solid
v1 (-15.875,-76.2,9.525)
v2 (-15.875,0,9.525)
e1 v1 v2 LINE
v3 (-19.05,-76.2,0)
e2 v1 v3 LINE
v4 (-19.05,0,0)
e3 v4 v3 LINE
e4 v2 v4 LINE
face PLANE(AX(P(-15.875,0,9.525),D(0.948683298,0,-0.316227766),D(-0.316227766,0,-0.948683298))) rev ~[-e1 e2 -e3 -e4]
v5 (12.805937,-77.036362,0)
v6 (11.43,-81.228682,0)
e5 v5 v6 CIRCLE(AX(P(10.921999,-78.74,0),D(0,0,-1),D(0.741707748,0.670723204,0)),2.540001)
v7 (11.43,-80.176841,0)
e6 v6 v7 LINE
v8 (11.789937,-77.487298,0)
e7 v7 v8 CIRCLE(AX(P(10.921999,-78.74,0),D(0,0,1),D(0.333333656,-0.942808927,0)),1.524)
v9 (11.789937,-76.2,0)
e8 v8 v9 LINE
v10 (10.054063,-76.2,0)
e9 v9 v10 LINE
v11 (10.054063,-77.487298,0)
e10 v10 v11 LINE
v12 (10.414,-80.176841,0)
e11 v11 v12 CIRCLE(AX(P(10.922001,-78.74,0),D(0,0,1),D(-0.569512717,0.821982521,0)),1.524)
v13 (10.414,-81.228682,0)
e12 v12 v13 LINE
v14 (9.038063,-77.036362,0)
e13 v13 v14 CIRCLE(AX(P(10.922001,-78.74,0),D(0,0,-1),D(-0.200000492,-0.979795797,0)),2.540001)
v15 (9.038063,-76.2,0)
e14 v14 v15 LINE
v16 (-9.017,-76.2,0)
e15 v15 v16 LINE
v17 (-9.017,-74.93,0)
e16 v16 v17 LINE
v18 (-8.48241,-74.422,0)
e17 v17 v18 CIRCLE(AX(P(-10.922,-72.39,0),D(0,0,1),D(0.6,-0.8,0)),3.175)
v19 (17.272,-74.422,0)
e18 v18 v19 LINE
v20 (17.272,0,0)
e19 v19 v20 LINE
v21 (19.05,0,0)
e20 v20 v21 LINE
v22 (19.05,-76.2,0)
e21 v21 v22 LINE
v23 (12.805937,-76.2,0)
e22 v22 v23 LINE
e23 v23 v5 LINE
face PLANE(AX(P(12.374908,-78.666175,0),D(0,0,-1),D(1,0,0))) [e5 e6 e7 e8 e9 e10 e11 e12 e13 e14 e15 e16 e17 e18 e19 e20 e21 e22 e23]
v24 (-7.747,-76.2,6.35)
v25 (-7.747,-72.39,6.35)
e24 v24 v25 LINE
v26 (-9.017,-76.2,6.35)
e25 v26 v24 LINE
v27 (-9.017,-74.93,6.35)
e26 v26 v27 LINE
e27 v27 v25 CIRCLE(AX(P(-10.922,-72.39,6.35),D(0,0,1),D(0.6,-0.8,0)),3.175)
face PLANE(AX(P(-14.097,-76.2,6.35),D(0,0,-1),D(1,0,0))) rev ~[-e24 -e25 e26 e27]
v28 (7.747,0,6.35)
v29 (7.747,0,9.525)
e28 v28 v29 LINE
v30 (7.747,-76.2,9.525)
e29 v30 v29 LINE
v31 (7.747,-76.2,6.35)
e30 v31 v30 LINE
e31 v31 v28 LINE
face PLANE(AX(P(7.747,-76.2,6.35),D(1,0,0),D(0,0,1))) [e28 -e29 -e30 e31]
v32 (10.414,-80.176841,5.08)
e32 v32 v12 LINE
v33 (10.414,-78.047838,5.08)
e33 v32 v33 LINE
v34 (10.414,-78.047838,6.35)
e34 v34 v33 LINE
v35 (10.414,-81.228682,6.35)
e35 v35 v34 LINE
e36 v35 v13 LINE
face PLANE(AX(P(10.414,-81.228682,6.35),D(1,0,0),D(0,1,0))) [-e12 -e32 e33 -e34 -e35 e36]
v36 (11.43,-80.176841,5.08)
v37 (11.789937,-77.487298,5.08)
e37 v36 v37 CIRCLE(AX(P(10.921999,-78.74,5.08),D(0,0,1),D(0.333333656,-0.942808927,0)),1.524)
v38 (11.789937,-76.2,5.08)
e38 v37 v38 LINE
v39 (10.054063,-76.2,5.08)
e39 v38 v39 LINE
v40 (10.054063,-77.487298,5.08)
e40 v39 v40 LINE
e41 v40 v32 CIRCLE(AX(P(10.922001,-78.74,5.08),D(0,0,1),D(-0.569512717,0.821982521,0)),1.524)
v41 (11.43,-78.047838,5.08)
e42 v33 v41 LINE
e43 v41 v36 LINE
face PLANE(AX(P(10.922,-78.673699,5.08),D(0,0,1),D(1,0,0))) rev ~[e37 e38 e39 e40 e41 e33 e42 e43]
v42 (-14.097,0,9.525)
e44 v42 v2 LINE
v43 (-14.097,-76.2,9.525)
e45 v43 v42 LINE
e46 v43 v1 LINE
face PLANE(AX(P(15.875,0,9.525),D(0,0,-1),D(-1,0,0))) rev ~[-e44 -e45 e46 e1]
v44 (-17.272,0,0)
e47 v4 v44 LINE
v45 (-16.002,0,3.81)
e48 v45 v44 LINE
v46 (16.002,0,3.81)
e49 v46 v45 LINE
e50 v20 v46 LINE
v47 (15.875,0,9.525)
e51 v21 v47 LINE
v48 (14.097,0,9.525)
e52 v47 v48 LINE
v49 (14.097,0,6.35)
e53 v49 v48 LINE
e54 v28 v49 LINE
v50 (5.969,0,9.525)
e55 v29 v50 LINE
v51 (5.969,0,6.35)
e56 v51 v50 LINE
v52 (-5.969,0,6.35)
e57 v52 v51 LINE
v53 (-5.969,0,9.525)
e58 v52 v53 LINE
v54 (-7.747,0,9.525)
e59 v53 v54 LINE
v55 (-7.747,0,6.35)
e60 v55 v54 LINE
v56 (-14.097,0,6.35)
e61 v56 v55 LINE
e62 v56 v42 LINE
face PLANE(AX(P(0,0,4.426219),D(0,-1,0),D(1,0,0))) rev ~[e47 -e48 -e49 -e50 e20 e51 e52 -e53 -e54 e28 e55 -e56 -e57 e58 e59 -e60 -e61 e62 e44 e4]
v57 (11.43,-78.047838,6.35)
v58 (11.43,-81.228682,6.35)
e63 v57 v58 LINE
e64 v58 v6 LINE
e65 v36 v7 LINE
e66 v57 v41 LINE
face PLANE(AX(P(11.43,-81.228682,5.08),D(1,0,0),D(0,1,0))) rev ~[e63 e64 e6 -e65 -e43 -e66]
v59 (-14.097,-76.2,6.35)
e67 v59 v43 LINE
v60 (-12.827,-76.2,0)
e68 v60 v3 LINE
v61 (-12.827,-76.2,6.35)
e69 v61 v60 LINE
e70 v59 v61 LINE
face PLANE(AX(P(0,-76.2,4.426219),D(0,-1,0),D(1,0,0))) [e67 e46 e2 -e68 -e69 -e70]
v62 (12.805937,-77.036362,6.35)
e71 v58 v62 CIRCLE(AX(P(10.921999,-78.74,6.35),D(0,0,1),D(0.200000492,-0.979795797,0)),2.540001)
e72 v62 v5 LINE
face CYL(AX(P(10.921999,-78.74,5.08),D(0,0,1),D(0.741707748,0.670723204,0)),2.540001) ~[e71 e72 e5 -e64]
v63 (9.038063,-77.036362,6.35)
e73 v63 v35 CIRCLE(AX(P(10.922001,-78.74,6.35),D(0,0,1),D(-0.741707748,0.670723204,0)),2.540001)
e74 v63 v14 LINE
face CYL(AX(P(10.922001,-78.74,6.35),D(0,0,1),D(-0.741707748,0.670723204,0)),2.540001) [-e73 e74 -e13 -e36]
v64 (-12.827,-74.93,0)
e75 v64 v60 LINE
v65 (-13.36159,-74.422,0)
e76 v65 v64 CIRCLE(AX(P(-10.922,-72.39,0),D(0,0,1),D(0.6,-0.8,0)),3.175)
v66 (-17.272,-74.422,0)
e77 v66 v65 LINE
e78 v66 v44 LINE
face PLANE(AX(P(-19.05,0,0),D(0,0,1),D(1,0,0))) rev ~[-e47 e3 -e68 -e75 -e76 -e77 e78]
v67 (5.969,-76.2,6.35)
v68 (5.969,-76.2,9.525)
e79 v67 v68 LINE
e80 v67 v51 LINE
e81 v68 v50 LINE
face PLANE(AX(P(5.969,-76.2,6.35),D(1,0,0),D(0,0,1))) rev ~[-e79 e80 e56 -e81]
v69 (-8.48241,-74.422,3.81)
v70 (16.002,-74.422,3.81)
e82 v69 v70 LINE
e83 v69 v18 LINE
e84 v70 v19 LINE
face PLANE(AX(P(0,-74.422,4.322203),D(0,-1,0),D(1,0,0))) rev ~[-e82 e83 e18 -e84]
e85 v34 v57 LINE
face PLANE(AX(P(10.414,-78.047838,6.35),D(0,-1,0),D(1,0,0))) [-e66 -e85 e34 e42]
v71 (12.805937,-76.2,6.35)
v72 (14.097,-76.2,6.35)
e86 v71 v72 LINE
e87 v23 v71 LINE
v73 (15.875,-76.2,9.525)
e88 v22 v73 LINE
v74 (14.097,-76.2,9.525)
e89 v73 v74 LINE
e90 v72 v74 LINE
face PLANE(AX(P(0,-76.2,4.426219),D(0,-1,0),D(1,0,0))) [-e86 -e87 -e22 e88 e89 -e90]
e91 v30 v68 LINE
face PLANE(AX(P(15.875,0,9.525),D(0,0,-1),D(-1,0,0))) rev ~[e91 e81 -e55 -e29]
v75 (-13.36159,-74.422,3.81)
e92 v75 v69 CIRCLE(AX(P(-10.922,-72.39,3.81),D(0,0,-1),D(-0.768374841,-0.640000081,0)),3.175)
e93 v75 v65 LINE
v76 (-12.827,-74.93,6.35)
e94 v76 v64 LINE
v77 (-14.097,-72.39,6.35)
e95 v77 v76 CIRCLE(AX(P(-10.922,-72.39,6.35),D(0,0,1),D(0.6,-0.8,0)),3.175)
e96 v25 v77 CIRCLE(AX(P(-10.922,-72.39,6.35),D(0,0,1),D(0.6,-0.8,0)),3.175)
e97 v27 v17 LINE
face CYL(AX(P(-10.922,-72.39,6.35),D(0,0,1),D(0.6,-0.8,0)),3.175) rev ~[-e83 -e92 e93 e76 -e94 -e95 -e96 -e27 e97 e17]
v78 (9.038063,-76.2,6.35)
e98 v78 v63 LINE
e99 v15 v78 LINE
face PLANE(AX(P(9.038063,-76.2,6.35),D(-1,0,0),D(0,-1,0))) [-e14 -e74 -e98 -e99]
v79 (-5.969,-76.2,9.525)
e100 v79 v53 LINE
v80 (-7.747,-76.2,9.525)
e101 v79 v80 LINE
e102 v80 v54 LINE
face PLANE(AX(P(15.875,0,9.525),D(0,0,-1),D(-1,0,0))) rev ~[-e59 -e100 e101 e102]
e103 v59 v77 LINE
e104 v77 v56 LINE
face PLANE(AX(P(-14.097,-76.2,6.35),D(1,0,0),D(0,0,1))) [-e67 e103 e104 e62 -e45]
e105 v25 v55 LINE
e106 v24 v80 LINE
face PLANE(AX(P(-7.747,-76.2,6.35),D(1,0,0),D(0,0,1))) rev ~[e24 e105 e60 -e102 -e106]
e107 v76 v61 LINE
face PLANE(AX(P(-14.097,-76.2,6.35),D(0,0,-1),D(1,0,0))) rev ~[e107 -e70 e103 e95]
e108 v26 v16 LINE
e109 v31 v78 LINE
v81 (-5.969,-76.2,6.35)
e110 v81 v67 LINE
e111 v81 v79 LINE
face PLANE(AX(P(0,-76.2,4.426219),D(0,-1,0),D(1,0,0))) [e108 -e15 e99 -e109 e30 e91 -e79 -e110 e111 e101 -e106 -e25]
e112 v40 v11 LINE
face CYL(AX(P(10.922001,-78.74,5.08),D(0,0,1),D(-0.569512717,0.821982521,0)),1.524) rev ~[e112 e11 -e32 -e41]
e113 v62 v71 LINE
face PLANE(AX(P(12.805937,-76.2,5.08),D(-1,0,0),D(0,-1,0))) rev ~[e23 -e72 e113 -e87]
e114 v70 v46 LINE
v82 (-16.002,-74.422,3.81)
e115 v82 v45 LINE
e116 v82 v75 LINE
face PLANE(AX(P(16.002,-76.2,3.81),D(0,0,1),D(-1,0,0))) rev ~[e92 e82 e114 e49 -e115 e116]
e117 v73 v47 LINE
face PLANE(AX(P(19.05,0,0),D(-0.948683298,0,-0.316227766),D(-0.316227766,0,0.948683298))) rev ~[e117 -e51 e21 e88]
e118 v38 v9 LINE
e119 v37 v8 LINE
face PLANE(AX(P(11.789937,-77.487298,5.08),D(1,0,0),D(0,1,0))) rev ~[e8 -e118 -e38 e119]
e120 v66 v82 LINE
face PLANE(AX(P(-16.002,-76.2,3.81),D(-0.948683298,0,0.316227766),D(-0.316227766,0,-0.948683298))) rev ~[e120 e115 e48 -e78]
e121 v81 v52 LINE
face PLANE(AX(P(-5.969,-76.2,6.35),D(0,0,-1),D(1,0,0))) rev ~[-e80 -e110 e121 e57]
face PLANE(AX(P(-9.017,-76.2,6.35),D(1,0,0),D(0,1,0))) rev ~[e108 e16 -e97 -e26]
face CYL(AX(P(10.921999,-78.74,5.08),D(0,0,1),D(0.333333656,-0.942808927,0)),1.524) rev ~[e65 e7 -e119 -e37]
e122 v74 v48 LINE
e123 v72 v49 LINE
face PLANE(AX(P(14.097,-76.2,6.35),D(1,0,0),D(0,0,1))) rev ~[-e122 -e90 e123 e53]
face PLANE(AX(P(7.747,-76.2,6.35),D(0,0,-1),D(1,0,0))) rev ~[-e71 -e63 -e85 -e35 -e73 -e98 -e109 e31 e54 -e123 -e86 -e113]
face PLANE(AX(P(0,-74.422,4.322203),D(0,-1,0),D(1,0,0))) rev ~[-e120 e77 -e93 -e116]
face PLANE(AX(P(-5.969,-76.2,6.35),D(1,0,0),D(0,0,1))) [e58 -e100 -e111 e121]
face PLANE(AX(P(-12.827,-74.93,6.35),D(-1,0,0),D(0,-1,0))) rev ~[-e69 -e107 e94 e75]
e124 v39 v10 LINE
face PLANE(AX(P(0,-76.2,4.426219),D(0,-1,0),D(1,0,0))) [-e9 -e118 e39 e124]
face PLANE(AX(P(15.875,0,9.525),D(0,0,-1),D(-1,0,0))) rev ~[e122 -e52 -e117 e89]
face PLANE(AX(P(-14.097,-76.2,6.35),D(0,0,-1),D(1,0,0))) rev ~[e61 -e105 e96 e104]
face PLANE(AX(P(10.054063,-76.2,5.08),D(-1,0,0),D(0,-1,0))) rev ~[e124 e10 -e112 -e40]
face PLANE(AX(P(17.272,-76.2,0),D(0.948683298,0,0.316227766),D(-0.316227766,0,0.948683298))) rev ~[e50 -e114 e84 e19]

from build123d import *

# Parameters (mm, degrees)
F1_DEPTH  = 76.2
F2_W      = 6.35
F2_H      = 3.175
F2_W_2    = 11.938
F3_DEPTH  = 76.201
F5_DEPTH  = 1.778
F7_DEPTH  = 3.81
F9_DEPTH  = 6.351
F11_DEPTH = 1.27
F13_DEPTH = 5.08


with BuildPart() as f1:
    # F0 (on Front) → F1 (new body)
    with BuildSketch(Plane.XZ):
        Polygon((-15.875, 9.525), (-19.05, 0), (19.05, 0), (15.875, 9.525), align=None)
    extrude(amount=F1_DEPTH)

    # F2 (on face) → F3 (cut, through all)
    with BuildSketch(Plane.XZ.offset(76.2)):
        with Locations((10.922, 7.9375)):
            Rectangle(F2_W, F2_H)
        with Locations((0, 7.9375)):
            Rectangle(F2_W_2, F2_H)
        with Locations((-10.922, 7.9375)):
            Rectangle(F2_W, F2_H)
        Polygon((-16.002, 3.81), (-17.272, 0), (17.272, 0), (16.002, 3.81), align=None)
    extrude(amount=-F3_DEPTH, mode=Mode.SUBTRACT)

    # F4 (on face) → F5 (join)
    with BuildSketch(Plane.XZ.offset(76.2)):
        Polygon((-15.875, 9.525), (-19.05, 0), (19.05, 0), (15.875, 9.525), (14.097, 9.525), (14.097, 6.35), (7.747, 6.35), (7.747, 9.525), (5.969, 9.525), (5.969, 6.35), (-5.969, 6.35), (-5.969, 9.525), (-7.747, 9.525), (-7.747, 6.35), (-14.097, 6.35), (-14.097, 9.525), align=None)
    extrude(amount=-F5_DEPTH)

    # F6 (on face) → F7 (join, through all)
    with BuildSketch(Plane(origin=(0, 0, 3.81), x_dir=(1, 0, 0), z_dir=(0, 0, -1))):
        with BuildLine():
            Line((-8.48241, 74.422), (-13.36159, 74.422))
            ThreePointArc((-13.36159, 74.422), (-10.922, 69.215), (-8.48241, 74.422))
        make_face()
    extrude(amount=F7_DEPTH)

    # F8 (on face) → F9 (cut, through all)
    with BuildSketch(Plane.XY.offset(6.35)):
        with BuildLine():
            Line((-9.017, -76.2), (-9.017, -74.93))
            ThreePointArc((-9.017, -74.93), (-10.922, -69.215), (-12.827, -74.93))
            Line((-12.827, -74.93), (-12.827, -76.2))
            Line((-12.827, -76.2), (-9.017, -76.2))
        make_face()
    extrude(amount=-F9_DEPTH, mode=Mode.SUBTRACT)

    # F10 (on face) → F11 (join)
    with BuildSketch(Plane.XY.offset(6.35)):
        with BuildLine():
            Line((9.038063, -76.2), (9.038063, -77.036362))
            ThreePointArc((9.038063, -77.036362), (8.508657, -79.532069), (10.414, -81.228682))
            Line((10.414, -81.228682), (10.414, -78.047838))
            Line((10.414, -78.047838), (11.43, -78.047838))
            Line((11.43, -78.047838), (11.43, -81.228682))
            ThreePointArc((11.43, -81.228682), (13.335343, -79.532069), (12.805937, -77.036362))
            Line((12.805937, -77.036362), (12.805937, -76.2))
            Line((12.805937, -76.2), (9.038063, -76.2))
        make_face()
    extrude(amount=-F11_DEPTH)

    # F12 (on face) → F13 (join, through all)
    with BuildSketch(Plane(origin=(0, 0, 5.08), x_dir=(1, 0, 0), z_dir=(0, 0, -1))):
        with BuildLine():
            Line((12.805937, 76.2), (12.805937, 77.036362))
            ThreePointArc((12.805937, 77.036362), (13.335343, 79.532069), (11.43, 81.228682))
            Line((11.43, 81.228682), (11.43, 80.176841))
            ThreePointArc((11.43, 80.176841), (12.432533, 78.942152), (11.789937, 77.487298))
            Line((11.789937, 77.487298), (11.789937, 76.2))
            Line((11.789937, 76.2), (12.805937, 76.2))
        make_face()
        with BuildLine():
            ThreePointArc((10.414, 81.228682), (8.508657, 79.532069), (9.038063, 77.036362))
            Line((9.038063, 77.036362), (9.038063, 76.2))
            Line((9.038063, 76.2), (10.054063, 76.2))
            Line((10.054063, 76.2), (10.054063, 77.487298))
            ThreePointArc((10.054063, 77.487298), (9.411467, 78.942152), (10.414, 80.176841))
            Line((10.414, 80.176841), (10.414, 81.228682))
        make_face()
    extrude(amount=F13_DEPTH)


solid = f1.part
